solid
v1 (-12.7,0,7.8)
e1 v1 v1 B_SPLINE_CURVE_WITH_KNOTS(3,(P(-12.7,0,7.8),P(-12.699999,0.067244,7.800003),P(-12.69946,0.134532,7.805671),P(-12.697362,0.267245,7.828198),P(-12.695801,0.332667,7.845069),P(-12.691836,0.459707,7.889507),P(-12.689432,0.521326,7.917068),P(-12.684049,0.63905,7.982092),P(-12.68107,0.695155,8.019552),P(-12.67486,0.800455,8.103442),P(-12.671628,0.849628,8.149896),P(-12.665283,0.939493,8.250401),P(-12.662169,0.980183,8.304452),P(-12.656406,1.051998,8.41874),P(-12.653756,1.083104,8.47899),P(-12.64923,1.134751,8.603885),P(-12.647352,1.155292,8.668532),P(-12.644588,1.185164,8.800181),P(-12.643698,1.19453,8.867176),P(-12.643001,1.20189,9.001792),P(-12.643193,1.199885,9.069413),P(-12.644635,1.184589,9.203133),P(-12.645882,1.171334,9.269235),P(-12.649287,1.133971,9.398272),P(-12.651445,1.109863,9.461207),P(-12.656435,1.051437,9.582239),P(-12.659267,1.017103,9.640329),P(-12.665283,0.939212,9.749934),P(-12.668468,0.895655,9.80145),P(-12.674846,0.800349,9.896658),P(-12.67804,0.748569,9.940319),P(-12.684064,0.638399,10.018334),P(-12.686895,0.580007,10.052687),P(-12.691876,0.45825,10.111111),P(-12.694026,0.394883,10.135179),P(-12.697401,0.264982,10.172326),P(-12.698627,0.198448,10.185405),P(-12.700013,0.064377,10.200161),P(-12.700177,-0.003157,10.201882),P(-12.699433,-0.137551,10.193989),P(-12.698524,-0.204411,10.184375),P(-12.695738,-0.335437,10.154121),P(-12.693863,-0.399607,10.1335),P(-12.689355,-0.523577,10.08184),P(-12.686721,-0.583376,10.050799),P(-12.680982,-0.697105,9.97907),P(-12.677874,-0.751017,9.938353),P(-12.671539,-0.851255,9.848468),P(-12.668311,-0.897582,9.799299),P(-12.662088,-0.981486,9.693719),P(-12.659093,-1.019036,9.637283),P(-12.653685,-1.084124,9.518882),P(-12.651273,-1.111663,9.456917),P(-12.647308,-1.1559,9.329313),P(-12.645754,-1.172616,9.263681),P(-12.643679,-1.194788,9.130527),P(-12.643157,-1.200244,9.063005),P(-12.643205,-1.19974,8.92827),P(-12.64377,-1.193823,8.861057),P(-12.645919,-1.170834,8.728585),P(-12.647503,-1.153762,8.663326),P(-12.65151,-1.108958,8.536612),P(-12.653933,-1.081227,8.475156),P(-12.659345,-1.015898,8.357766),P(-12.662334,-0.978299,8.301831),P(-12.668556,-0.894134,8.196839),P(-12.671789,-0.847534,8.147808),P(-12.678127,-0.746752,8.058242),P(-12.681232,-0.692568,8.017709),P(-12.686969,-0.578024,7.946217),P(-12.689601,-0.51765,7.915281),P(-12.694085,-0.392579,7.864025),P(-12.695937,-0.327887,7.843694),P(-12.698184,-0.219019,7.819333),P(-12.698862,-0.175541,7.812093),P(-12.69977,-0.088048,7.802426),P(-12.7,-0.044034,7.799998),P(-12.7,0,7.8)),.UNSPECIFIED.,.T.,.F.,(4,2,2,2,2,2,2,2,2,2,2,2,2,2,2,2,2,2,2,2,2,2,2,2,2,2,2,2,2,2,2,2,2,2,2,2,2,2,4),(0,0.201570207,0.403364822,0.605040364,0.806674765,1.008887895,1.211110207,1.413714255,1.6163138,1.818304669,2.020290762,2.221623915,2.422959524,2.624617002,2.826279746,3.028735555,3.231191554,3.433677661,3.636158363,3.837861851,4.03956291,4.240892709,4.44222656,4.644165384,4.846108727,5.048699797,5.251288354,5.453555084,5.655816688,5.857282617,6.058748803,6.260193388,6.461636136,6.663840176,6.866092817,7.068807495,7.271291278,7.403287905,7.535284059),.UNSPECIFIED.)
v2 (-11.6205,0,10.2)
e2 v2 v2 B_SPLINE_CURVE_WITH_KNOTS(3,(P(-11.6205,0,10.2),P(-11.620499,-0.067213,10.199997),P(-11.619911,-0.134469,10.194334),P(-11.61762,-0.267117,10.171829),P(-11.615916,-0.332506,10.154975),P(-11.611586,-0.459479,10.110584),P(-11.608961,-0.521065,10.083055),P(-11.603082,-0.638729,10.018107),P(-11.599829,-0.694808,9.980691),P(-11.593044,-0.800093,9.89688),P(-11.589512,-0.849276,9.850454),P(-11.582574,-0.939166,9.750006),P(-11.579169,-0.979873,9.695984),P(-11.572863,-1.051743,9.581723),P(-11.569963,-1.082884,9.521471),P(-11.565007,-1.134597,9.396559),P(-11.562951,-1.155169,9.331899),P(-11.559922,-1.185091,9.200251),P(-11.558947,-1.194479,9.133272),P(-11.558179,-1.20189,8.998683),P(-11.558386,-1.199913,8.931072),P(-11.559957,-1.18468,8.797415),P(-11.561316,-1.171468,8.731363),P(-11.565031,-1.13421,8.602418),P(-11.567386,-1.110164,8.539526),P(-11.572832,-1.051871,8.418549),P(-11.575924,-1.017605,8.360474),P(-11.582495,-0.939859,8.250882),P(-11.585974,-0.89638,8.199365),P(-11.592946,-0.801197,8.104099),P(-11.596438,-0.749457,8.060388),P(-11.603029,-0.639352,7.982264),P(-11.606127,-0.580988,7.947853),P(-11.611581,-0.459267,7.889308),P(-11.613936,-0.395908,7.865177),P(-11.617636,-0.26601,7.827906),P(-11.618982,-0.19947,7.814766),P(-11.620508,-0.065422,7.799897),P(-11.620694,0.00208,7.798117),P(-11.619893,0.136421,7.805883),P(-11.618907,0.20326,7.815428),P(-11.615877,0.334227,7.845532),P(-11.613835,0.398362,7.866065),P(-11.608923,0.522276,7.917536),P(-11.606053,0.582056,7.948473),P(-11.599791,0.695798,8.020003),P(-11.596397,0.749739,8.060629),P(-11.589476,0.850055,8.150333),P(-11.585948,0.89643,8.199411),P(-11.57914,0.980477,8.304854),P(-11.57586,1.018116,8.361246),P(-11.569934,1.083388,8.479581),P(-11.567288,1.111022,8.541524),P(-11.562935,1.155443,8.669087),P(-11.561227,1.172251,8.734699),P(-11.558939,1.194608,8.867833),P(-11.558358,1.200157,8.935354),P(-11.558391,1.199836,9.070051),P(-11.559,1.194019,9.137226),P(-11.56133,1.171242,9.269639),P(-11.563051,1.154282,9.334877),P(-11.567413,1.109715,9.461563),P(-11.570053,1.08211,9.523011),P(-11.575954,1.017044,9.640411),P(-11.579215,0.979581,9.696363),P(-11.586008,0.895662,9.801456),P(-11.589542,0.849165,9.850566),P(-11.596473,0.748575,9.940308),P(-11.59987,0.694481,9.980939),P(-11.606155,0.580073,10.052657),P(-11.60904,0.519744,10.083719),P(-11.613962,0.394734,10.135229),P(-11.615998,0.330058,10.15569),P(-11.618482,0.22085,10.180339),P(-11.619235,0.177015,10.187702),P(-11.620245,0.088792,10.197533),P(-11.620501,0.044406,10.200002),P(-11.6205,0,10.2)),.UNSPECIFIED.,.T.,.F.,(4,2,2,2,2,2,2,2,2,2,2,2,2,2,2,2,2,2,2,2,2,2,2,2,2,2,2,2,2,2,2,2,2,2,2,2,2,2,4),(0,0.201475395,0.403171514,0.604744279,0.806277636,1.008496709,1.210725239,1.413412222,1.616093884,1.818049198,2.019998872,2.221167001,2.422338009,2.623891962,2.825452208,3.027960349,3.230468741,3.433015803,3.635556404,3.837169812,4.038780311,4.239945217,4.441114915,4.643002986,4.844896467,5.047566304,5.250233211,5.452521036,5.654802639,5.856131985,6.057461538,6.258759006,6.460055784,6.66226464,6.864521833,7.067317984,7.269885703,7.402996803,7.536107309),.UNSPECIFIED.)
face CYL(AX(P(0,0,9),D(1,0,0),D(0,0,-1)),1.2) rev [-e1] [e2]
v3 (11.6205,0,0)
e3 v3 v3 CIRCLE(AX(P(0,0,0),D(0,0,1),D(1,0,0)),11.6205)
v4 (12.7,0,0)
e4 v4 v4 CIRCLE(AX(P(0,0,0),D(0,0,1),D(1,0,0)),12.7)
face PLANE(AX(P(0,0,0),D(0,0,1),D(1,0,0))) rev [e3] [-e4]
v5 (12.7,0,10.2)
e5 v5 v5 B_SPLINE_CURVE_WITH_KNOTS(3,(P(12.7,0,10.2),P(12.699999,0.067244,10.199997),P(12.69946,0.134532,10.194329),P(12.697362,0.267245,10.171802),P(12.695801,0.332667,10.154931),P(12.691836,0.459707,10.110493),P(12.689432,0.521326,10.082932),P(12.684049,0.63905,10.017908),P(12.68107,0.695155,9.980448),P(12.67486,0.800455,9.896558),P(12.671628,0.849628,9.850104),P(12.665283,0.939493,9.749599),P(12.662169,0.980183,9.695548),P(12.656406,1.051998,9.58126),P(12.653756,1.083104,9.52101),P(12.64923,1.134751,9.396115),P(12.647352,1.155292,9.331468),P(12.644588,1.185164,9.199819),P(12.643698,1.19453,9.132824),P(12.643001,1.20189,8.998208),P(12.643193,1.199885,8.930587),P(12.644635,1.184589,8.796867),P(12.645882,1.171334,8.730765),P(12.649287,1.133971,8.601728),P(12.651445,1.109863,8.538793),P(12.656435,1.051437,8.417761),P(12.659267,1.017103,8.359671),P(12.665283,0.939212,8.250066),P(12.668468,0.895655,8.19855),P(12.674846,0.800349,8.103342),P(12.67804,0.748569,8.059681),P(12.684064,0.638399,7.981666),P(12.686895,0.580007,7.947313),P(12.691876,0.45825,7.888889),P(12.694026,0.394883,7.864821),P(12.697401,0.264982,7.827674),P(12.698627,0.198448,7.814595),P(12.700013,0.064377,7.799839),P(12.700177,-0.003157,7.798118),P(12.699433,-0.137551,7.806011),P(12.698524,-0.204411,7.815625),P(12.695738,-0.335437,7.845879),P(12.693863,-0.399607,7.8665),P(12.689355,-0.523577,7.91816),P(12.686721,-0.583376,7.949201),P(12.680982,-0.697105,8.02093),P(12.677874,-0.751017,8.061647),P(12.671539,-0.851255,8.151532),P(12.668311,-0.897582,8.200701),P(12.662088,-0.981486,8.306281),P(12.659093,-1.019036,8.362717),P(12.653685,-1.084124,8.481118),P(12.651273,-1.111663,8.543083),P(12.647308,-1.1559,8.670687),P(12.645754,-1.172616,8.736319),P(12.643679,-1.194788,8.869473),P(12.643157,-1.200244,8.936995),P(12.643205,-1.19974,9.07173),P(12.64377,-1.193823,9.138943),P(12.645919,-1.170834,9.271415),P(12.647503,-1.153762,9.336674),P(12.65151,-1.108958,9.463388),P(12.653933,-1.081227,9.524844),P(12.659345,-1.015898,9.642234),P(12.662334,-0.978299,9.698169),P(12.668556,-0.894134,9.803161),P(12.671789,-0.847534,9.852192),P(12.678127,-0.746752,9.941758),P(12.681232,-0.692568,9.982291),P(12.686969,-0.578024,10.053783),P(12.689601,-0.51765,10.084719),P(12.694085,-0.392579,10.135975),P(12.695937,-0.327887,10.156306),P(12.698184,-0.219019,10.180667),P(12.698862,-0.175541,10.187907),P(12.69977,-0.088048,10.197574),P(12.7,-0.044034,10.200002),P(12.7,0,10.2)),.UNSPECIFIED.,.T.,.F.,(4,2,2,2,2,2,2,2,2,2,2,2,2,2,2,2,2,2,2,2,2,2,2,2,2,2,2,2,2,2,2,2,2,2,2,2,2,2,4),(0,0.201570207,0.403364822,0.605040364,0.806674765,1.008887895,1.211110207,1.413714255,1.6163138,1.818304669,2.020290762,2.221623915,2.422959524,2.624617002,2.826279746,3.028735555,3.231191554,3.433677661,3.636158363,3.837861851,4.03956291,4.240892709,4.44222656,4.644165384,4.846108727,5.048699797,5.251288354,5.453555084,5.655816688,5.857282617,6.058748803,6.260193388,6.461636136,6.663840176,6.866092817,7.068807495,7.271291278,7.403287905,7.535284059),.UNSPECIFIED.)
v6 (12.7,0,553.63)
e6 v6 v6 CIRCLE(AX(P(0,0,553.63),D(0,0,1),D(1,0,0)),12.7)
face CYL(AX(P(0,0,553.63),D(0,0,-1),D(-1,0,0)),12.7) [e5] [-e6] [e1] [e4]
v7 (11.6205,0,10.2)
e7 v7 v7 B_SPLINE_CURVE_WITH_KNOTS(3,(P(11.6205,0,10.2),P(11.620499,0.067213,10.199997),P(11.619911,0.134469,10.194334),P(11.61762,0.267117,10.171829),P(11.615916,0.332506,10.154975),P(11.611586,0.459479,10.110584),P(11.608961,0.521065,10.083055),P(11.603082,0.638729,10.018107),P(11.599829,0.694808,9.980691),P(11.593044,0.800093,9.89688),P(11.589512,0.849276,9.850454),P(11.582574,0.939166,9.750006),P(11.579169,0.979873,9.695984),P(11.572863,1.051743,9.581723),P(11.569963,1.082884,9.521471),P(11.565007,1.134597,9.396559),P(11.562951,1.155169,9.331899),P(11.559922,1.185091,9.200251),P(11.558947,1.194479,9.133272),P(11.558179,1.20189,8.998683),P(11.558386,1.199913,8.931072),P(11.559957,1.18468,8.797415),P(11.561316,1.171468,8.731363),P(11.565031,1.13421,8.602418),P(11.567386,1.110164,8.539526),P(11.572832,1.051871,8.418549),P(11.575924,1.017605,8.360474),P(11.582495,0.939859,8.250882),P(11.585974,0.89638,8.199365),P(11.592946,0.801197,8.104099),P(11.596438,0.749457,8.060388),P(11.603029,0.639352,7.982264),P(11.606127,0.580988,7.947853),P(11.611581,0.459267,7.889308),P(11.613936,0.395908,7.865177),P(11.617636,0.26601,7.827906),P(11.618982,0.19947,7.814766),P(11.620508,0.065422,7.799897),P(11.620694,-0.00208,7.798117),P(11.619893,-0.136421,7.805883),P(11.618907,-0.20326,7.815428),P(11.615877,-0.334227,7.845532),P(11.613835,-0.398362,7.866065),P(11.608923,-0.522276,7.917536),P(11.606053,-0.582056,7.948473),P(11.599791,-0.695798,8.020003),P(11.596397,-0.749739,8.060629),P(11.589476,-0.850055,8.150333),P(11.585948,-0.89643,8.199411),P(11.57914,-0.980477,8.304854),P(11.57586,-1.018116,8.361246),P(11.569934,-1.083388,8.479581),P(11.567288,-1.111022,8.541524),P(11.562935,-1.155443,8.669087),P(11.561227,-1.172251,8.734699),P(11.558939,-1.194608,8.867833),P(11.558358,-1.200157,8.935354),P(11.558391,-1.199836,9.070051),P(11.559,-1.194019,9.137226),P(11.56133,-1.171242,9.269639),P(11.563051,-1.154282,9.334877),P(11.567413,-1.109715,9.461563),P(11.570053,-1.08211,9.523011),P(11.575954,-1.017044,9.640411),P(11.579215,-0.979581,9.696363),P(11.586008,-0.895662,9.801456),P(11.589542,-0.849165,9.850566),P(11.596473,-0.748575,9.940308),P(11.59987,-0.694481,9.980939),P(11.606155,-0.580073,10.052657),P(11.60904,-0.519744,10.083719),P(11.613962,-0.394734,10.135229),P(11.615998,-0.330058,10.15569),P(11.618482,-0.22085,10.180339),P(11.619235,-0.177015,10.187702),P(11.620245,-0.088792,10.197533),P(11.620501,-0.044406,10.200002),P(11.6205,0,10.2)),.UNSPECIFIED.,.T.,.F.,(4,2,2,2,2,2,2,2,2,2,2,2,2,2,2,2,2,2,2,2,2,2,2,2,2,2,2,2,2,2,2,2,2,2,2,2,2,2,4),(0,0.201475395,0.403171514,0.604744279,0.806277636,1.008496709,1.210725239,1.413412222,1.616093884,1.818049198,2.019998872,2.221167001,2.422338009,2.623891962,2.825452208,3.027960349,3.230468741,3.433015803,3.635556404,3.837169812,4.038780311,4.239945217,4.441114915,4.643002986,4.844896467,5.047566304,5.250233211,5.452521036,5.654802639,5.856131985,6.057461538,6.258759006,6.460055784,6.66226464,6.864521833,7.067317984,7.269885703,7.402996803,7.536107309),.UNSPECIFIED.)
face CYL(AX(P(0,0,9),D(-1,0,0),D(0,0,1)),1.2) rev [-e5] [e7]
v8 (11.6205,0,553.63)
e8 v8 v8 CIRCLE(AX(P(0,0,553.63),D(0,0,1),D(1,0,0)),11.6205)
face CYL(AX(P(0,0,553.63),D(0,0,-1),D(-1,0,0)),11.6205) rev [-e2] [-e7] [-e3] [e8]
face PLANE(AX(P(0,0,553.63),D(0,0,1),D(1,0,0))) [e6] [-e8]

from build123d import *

# Parameters (mm, degrees)
SKETCH1_R           = 12.7
SKETCH1_R_2         = 11.6205
BOSS_EXTRUDE1_DEPTH = 553.63
SKETCH3_W           = 1.2
SKETCH3_H           = 12.7


with BuildPart() as part:
    # Sketch1 → Boss-Extrude1 (new body)
    with BuildSketch(Plane.XY):
        Circle(SKETCH1_R)
        Circle(SKETCH1_R_2, mode=Mode.SUBTRACT)
    extrude(amount=BOSS_EXTRUDE1_DEPTH)

    # Sketch3 → M2 Clearance Hole1 (revolve, cut)
    with BuildSketch(Plane(origin=(0, 0, 9), x_dir=(0, 0, 1), z_dir=(0, 1, 0))):
        with Locations((0.6, 6.35)):
            Rectangle(SKETCH3_W, SKETCH3_H)
    m2_clearance_hole1 = revolve(axis=Axis((-6.35, 0, 9), (1, 0, 0)), mode=Mode.SUBTRACT)

    # Mirror1: M2 Clearance Hole1 across plane
    add(m2_clearance_hole1.mirror(Plane(origin=(0, 0, 0), x_dir=(0, 0, 1), z_dir=(1, 0, 0))), mode=Mode.SUBTRACT)


solid = part.part
